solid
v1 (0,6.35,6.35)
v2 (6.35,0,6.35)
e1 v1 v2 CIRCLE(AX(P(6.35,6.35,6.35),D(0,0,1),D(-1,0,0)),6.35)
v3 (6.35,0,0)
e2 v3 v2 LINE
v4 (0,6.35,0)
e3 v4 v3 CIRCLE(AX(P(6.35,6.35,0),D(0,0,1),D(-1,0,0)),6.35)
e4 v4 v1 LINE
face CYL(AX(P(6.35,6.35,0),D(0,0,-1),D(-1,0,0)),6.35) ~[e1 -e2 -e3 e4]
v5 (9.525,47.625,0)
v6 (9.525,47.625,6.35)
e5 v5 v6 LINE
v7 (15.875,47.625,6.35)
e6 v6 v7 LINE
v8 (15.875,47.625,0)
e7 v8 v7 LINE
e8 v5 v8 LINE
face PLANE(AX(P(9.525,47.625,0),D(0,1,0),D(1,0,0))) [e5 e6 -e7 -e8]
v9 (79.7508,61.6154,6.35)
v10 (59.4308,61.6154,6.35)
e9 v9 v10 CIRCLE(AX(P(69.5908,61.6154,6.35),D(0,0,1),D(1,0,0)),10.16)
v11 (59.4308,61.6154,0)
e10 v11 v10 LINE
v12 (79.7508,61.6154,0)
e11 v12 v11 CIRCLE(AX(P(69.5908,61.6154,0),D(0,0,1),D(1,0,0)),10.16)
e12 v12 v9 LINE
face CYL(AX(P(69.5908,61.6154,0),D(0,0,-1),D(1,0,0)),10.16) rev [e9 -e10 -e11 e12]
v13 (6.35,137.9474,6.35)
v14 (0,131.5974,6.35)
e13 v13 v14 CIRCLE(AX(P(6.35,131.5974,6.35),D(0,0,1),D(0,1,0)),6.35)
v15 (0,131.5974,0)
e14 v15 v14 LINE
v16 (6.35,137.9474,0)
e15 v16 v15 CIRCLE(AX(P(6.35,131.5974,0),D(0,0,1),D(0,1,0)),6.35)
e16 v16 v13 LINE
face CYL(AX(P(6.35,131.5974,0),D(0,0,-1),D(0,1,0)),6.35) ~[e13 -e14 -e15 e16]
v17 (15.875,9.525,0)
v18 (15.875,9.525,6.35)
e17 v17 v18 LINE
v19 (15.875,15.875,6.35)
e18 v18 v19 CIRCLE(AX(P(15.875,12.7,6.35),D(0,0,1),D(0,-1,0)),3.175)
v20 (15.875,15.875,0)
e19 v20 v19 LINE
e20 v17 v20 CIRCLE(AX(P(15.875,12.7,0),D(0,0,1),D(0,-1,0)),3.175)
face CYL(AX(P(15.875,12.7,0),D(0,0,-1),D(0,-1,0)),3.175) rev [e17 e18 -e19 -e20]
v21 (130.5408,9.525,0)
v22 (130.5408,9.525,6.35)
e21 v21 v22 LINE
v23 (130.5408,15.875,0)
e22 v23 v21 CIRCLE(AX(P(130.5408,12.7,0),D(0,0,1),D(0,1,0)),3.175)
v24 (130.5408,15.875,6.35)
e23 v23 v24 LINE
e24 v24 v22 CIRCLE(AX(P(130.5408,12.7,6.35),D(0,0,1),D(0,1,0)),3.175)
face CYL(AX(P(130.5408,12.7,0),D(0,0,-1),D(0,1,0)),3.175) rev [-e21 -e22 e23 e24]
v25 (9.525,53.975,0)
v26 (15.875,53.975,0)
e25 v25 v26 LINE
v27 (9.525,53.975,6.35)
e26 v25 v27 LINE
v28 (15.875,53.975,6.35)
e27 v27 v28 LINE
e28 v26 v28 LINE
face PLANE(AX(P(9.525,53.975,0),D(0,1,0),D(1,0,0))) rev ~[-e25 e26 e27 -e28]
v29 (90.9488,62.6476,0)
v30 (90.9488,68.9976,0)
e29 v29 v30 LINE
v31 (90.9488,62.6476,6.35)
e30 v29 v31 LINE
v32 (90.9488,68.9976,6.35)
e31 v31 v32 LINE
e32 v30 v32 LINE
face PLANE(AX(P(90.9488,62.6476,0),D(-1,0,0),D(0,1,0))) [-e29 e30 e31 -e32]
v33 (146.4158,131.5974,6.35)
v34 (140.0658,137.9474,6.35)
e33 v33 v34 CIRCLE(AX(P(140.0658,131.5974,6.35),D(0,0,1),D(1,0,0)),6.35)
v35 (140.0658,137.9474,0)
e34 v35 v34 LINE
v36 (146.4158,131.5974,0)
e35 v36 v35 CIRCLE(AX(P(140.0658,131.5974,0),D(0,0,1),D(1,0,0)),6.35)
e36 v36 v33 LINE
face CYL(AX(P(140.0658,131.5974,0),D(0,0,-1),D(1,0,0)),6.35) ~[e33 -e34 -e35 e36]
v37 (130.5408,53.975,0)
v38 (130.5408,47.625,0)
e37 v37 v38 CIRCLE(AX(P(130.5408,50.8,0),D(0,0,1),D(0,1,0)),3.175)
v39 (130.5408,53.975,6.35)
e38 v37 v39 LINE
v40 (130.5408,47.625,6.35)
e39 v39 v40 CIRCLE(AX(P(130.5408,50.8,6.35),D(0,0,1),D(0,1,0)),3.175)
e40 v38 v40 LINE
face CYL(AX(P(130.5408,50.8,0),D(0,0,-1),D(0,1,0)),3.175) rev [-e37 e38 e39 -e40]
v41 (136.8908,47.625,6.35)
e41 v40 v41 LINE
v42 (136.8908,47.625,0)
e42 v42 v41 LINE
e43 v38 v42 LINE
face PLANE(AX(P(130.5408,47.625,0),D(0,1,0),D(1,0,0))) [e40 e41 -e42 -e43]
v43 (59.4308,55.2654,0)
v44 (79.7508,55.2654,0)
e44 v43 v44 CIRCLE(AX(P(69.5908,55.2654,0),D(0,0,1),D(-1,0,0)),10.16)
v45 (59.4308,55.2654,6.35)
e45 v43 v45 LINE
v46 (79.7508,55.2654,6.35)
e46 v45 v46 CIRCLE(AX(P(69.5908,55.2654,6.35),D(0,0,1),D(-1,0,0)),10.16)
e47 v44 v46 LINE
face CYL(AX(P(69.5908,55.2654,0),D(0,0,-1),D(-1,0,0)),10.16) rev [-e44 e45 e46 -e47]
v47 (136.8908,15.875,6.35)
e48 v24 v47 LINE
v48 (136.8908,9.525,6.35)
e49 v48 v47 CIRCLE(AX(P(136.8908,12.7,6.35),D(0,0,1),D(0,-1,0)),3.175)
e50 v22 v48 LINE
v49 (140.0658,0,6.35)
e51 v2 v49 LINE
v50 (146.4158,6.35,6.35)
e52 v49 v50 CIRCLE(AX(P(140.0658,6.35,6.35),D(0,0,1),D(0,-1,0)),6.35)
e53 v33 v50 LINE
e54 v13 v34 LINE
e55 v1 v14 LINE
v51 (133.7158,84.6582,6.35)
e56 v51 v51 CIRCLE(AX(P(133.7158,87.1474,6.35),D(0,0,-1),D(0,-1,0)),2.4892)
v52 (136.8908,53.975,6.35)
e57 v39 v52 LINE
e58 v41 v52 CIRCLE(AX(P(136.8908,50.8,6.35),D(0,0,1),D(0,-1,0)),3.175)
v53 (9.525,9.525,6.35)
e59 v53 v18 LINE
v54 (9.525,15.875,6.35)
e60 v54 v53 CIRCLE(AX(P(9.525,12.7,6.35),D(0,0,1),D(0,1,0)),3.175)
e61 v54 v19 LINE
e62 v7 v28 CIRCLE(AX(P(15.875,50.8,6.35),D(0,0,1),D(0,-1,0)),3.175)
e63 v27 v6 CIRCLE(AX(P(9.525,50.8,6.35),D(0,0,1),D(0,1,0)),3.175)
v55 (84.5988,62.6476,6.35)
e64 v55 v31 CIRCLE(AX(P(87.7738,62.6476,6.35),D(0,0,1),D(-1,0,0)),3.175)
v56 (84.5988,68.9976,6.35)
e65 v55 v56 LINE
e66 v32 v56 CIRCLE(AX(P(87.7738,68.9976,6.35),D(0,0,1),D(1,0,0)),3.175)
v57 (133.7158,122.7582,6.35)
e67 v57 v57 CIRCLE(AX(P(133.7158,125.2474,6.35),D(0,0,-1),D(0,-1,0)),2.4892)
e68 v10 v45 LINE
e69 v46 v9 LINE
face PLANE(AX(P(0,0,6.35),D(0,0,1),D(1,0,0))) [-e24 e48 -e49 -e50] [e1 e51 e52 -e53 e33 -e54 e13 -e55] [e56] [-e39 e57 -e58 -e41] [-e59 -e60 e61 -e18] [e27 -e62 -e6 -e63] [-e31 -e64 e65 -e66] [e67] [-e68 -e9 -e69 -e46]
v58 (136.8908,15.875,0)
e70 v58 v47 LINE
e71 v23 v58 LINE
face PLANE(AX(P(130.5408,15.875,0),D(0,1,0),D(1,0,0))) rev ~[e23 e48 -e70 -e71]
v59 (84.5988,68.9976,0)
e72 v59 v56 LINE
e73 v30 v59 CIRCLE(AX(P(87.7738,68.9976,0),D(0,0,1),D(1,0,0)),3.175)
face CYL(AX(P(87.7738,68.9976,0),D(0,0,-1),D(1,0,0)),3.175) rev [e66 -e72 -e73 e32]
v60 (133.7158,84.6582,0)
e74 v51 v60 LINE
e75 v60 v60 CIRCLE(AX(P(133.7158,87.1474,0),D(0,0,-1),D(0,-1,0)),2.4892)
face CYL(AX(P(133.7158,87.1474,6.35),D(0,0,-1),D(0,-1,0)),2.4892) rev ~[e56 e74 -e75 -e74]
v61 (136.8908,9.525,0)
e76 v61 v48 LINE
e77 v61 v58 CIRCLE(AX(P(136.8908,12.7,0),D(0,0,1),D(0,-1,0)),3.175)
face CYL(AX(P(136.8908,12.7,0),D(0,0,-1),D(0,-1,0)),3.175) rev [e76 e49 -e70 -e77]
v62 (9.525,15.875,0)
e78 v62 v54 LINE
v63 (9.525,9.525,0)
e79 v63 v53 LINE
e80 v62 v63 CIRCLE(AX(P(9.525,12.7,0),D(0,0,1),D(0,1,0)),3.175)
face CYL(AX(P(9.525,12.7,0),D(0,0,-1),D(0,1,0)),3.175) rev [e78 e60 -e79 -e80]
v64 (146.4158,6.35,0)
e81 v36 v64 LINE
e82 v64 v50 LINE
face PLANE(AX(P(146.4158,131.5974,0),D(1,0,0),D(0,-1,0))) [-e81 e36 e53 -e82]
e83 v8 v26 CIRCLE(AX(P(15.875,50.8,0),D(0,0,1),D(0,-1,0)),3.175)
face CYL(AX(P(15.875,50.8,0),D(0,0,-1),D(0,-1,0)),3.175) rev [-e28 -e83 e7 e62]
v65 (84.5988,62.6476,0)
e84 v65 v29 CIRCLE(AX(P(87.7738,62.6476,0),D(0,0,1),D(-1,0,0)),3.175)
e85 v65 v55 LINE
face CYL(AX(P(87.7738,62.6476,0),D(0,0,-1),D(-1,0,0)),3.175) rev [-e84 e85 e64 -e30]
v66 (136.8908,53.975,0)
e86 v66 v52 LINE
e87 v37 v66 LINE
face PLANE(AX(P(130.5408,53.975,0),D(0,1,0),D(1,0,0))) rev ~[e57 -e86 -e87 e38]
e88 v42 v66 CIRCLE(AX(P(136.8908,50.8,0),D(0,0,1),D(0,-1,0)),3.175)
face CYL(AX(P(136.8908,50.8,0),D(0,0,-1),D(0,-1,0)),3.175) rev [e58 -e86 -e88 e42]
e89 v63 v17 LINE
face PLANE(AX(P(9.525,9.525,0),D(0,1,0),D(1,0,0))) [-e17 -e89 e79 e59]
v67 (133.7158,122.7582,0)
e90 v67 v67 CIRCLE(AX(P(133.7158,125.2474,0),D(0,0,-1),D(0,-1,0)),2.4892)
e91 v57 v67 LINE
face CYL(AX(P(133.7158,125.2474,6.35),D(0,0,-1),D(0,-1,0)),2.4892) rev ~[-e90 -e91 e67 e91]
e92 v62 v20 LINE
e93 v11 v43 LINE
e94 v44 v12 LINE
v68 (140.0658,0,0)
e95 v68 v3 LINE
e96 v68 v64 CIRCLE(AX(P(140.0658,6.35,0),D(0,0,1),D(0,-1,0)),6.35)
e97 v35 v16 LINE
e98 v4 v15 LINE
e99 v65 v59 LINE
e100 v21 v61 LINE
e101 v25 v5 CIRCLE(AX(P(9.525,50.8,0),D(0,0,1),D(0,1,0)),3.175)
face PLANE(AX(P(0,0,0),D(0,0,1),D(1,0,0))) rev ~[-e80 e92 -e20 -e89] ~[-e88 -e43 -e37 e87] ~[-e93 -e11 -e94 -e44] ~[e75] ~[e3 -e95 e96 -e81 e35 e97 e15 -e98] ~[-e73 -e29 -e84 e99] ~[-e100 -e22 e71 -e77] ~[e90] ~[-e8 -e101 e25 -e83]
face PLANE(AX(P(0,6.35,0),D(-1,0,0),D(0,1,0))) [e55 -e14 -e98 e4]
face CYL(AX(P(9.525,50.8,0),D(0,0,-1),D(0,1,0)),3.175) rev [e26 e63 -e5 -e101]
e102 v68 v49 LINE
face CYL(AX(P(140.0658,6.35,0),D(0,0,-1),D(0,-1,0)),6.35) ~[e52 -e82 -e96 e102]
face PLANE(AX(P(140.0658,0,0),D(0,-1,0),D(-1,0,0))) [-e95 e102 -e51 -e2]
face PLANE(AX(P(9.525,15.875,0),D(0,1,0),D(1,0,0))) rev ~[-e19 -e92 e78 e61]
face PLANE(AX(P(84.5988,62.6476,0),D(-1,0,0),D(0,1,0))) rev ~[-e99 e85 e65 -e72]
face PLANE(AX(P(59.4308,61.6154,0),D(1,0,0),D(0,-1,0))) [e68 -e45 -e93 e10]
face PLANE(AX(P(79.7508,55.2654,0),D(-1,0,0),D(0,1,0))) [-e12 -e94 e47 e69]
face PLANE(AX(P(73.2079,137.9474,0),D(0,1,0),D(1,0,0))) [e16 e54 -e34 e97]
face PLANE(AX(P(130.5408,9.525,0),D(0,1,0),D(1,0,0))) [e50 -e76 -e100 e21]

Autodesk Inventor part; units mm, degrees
ref_plane "YZ Plane" through (0, 0, 0) normal (1, 0, 0) x (0, 1, 0)
ref_plane "XZ Plane" through (0, 0, 0) normal (0, 1, 0) x (-1, 0, 0)
ref_plane "XY Plane" through (0, 0, 0) normal (0, 0, 1) x (1, 0, 0)
sketch "Sketch1" plane through (0, 0, 0) normal (0, 0, 1) x (1, 0, 0)
  line L0 (73.2079, 137.9474) -> (121.0158, 137.9474)
  line L1 (133.7158, 0) -> (73.2079, 0)
  line L2 (73.2079, 137.9474) -> (25.4, 137.9474)
  line L3 (25.4, 0) -> (73.2079, 0)
  line L4 (121.0158, 137.9474) -> (140.0658, 137.9474)
  arc A0 (146.4158, 131.5974) -> (140.0658, 137.9474) centre (140.0658, 131.5974) ccw
  line L5 (146.4158, 131.5974) -> (146.4158, 6.35)
  line L6 (25.4, 0) -> (6.35, 0)
  arc A1 (0, 6.35) -> (6.35, 0) centre (6.35, 6.35) ccw
  line L7 (0, 6.35) -> (0, 131.5974)
  arc A2 (6.35, 137.9474) -> (0, 131.5974) centre (6.35, 131.5974) ccw
  line L8 (6.35, 137.9474) -> (25.4, 137.9474)
  line L9 (140.0658, 0) -> (133.7158, 0)
  arc A3 (140.0658, 0) -> (146.4158, 6.35) centre (140.0658, 6.35) ccw
  arc A4 (9.525, 53.975) -> (9.525, 47.625) centre (9.525, 50.8) ccw
  arc A5 (15.875, 47.625) -> (15.875, 53.975) centre (15.875, 50.8) ccw
  line L10 (9.525, 53.975) -> (15.875, 53.975)
  line L11 (9.525, 47.625) -> (15.875, 47.625)
  arc A6 (9.525, 15.875) -> (9.525, 9.525) centre (9.525, 12.7) ccw
  arc A7 (15.875, 9.525) -> (15.875, 15.875) centre (15.875, 12.7) ccw
  line L12 (9.525, 15.875) -> (15.875, 15.875)
  line L13 (9.525, 9.525) -> (15.875, 9.525)
  arc A8 (130.5408, 53.975) -> (130.5408, 47.625) centre (130.5408, 50.8) ccw
  arc A9 (136.8908, 47.625) -> (136.8908, 53.975) centre (136.8908, 50.8) ccw
  line L14 (130.5408, 53.975) -> (136.8908, 53.975)
  line L15 (130.5408, 47.625) -> (136.8908, 47.625)
  arc A10 (130.5408, 15.875) -> (130.5408, 9.525) centre (130.5408, 12.7) ccw
  arc A11 (136.8908, 9.525) -> (136.8908, 15.875) centre (136.8908, 12.7) ccw
  line L16 (130.5408, 15.875) -> (136.8908, 15.875)
  line L17 (130.5408, 9.525) -> (136.8908, 9.525)
  arc A12 (84.5988, 62.6476) -> (90.9488, 62.6476) centre (87.7738, 62.6476) ccw
  arc A13 (90.9488, 68.9976) -> (84.5988, 68.9976) centre (87.7738, 68.9976) ccw
  line L18 (84.5988, 62.6476) -> (84.5988, 68.9976)
  line L19 (90.9488, 62.6476) -> (90.9488, 68.9976)
  circle A14 centre (133.7158, 125.2474) radius 2.54 construction
  circle A15 centre (133.7158, 87.1474) radius 2.54 construction
  arc A16 (79.7508, 61.6154) -> (59.4308, 61.6154) centre (69.5908, 61.6154) ccw
  arc A17 (59.4308, 55.2654) -> (79.7508, 55.2654) centre (69.5908, 55.2654) ccw
  line L20 (79.7508, 55.2654) -> (79.7508, 61.6154)
  line L21 (59.4308, 61.6154) -> (59.4308, 55.2654)
  point P0 (0, 0)
ref_plane "Work Plane1" through (0, 0, 6.35) normal (0, 0, 1) x (1, 0, 0)
sketch "Sketch3" plane through (0, 0, 6.35) normal (0, 0, 1) x (1, 0, 0)
  point P0 (0, 0)
  point P1 (133.7158, 87.1474)
  point P2 (133.7158, 125.2474)
extrude "Extrusion2" add sketch "Sketch1" along normal blind 6.35
hole "Hole1" at (133.7158, 87.1474, 6.35) at (133.7158, 125.2474, 6.35) direction (0, 0, -1) diameter 4.9784 depth 19.05 tip angle 118 thread size "1/4-20 UNC" class "2B" standard "ANSI Unified Screw Threads"
properties part number "vrRig_v01r1_projMount"
